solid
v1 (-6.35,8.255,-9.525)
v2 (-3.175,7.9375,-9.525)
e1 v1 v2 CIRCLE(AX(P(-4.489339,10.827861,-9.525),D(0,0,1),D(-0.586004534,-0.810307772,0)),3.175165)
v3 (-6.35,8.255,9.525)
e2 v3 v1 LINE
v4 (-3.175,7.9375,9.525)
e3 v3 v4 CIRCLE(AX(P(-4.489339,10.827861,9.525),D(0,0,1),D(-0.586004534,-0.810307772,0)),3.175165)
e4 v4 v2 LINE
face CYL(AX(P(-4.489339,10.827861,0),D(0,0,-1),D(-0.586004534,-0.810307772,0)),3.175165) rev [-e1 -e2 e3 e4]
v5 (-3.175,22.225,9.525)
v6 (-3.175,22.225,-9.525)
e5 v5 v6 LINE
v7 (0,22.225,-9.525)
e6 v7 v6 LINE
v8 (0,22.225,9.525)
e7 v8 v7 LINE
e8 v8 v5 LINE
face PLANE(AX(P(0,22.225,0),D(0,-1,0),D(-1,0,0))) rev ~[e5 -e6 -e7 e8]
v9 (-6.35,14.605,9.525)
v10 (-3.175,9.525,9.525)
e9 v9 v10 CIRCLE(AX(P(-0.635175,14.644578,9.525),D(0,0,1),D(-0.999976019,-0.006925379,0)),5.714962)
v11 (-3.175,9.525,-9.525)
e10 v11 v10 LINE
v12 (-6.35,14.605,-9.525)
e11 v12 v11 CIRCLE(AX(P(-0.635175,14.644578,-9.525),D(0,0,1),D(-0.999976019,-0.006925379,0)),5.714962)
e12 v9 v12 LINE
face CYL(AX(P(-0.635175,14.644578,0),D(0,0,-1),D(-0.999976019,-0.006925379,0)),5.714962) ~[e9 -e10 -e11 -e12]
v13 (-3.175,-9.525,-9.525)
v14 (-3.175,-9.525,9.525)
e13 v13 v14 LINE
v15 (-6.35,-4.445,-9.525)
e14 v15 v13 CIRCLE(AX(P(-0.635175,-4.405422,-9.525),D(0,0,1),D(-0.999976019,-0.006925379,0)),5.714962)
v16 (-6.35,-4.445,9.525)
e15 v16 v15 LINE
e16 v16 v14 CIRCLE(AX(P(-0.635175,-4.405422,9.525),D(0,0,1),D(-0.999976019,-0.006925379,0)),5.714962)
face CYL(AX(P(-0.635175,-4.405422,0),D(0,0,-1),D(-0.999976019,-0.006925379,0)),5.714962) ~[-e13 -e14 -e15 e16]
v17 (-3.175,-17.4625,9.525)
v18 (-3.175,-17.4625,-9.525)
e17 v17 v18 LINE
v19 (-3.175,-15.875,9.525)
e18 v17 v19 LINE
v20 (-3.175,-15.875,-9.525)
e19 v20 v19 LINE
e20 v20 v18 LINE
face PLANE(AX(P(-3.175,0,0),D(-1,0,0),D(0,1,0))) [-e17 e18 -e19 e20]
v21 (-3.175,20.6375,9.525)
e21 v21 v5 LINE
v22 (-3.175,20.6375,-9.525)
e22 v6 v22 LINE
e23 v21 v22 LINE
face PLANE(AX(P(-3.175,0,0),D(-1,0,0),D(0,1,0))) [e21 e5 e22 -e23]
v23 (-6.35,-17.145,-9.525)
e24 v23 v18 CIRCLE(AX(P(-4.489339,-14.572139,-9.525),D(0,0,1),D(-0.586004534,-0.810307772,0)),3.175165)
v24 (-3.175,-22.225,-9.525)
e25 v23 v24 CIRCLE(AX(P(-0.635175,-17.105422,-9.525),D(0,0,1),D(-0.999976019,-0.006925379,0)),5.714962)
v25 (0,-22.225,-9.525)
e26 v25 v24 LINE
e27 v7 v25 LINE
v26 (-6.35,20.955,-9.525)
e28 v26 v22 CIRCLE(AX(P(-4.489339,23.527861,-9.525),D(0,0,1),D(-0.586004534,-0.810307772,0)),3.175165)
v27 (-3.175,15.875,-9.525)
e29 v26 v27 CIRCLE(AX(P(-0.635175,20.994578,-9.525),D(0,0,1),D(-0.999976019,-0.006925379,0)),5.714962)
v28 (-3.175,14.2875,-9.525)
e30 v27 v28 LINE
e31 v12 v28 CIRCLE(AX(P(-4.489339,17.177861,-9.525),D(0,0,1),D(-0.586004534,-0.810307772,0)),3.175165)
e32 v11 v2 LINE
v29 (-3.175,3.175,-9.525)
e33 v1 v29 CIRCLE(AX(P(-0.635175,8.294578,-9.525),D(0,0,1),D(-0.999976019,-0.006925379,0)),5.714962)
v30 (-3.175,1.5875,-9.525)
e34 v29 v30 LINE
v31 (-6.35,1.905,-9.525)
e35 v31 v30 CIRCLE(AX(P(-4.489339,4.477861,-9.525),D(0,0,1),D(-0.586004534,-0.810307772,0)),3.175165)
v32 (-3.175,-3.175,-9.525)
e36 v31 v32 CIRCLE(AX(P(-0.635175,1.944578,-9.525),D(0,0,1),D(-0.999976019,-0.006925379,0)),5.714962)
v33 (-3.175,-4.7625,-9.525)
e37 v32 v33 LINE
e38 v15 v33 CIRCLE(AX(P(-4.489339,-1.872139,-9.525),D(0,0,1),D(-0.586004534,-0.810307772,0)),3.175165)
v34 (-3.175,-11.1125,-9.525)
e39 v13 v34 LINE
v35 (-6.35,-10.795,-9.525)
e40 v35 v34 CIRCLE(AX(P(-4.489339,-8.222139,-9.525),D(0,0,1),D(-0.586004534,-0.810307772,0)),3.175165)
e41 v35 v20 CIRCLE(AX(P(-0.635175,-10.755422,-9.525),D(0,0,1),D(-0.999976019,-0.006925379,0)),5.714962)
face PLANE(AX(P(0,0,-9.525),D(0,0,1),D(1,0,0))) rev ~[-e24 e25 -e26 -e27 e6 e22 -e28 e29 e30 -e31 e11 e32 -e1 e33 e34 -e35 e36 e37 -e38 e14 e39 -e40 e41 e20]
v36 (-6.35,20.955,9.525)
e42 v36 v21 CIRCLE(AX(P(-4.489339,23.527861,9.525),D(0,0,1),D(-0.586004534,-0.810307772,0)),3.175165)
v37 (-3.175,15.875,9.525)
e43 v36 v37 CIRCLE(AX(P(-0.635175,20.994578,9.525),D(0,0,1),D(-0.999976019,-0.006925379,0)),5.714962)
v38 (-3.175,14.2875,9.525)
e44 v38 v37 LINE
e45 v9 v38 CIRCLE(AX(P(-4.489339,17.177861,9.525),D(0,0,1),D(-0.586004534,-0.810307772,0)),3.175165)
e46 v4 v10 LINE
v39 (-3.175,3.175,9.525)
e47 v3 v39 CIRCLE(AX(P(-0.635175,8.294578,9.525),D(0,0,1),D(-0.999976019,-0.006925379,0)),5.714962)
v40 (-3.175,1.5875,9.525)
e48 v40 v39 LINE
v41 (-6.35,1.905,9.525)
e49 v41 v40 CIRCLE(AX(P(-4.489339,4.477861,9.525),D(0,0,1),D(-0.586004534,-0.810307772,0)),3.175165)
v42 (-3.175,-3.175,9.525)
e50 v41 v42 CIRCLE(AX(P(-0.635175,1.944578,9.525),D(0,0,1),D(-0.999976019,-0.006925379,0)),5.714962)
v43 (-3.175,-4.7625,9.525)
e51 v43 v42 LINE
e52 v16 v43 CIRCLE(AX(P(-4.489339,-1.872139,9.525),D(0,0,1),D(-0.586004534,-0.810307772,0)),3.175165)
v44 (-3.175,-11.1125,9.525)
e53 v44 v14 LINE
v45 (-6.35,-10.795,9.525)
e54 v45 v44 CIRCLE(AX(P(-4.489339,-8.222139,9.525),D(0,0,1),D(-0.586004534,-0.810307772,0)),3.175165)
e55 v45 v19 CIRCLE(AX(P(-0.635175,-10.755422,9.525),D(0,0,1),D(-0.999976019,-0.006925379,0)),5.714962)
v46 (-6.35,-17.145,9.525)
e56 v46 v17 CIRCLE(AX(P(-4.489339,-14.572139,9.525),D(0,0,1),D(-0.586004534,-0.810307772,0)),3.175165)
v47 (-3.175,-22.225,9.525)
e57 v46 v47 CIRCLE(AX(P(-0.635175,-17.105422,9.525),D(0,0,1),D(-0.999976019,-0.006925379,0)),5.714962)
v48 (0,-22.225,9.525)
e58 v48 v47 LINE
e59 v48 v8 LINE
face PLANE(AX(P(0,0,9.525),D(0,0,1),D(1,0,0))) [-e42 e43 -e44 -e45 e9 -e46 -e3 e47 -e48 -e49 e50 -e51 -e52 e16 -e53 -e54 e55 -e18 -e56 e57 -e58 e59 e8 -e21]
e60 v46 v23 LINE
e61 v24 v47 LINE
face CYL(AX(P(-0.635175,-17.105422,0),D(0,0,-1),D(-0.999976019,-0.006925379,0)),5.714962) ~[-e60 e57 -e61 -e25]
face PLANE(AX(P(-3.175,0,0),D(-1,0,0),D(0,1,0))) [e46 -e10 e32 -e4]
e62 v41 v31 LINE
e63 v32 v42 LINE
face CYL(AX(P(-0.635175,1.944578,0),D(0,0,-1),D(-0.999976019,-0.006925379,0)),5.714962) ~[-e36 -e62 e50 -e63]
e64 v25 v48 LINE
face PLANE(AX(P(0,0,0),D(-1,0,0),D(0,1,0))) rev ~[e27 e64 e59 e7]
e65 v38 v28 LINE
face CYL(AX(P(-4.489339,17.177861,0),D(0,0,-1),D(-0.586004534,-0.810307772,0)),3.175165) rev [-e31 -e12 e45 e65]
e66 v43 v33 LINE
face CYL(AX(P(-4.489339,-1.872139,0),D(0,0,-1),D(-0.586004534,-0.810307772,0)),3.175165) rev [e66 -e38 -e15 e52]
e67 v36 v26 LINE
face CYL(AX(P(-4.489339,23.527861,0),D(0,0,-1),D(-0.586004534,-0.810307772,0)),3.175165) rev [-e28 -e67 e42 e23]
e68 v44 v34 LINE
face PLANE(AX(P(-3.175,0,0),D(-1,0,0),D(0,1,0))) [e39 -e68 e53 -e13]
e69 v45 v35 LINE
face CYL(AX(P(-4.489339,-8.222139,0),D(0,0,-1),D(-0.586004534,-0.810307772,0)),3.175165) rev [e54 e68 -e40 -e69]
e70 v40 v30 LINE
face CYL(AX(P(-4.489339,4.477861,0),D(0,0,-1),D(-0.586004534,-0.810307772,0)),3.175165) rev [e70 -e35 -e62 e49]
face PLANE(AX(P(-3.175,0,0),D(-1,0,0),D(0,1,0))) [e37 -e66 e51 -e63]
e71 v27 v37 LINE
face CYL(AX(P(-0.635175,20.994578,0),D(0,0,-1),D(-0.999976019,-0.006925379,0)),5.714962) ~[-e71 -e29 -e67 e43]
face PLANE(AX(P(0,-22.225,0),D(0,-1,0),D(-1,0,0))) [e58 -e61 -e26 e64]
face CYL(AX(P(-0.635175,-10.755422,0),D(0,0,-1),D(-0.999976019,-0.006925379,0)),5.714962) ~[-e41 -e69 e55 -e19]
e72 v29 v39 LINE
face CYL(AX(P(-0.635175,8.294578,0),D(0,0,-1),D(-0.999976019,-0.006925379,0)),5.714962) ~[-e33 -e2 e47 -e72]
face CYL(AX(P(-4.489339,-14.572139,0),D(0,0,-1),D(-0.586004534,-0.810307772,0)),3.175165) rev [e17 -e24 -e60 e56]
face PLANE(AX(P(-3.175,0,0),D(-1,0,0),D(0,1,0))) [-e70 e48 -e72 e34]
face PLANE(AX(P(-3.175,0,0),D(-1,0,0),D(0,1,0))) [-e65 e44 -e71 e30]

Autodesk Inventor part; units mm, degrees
ref_plane "YZ Plane" through (0, 0, 0) normal (1, 0, 0) x (0, 1, 0)
ref_plane "XZ Plane" through (0, 0, 0) normal (0, 1, 0) x (-1, 0, 0)
ref_plane "XY Plane" through (0, 0, 0) normal (0, 0, 1) x (1, 0, 0)
sketch "Sketch1" plane through (0, 0, 0) normal (0, 0, 1) x (1, 0, 0)
  line L0 (-3.81, 0) -> (0.635, 0) projected
  line L1 (0, -31.115) -> (0, 31.115) projected
  line L2 (0, -22.225) -> (0, 22.225)
  line L3 (0, -22.225) -> (-3.175, -22.225)
  line L4 (0, 22.225) -> (-3.175, 22.225)
  line L5 (-3.175, 22.225) -> (-3.175, -22.225) construction
  line L6 (-3.175, -22.225) -> (-3.175, 22.225)
  point P0 (0, 0)
  point P1 (0, 0)
  point P2 (-3.175, -18.1789)
  dimension "d0" = 44.45
  dimension "d3" = 3.175
extrude "Extrusion1" add sketch "Sketch1" along normal mid plane 19.05
sketch "Sketch2" plane through (0, 0, 0) normal (0, 0, 1) x (1, 0, 0)
  line L0 (-3.175, -22.225) -> (-3.175, 22.225) projected
  line L1 (0, -22.225) -> (-3.175, -22.225) projected
  line L2 (0, 22.225) -> (0, -22.225) projected
  line L3 (-3.175, 22.225) -> (0, 22.225) projected
  line L4 (-6.35, -22.225) -> (-6.35, 22.225) construction
  arc A0 (-6.35, -17.145) -> (-3.175, -22.225) centre (-0.6351, -17.1054) ccw
  arc A1 (-6.35, -17.145) -> (-3.175, -17.4625) centre (-4.4894, -14.5723) ccw
  line L5 (-6.35, -17.145) -> (0, -17.145) construction
  point P0 (0, 0)
  dimension "d10" = 3.175
  dimension "d11" = 5.08
  dimension "d12" = 5.715
  dimension "d14" = 3.175
  dimension "d15" = 0.3175
extrude "Extrusion2" add sketch "Sketch2" along normal mid plane 19.05 contours A0 A1 L0
pattern_linear "Rectangular Pattern1" count 7 spacing 6.35 along (0, 1, 0) of "Extrusion2"
properties part number "ratchet"
